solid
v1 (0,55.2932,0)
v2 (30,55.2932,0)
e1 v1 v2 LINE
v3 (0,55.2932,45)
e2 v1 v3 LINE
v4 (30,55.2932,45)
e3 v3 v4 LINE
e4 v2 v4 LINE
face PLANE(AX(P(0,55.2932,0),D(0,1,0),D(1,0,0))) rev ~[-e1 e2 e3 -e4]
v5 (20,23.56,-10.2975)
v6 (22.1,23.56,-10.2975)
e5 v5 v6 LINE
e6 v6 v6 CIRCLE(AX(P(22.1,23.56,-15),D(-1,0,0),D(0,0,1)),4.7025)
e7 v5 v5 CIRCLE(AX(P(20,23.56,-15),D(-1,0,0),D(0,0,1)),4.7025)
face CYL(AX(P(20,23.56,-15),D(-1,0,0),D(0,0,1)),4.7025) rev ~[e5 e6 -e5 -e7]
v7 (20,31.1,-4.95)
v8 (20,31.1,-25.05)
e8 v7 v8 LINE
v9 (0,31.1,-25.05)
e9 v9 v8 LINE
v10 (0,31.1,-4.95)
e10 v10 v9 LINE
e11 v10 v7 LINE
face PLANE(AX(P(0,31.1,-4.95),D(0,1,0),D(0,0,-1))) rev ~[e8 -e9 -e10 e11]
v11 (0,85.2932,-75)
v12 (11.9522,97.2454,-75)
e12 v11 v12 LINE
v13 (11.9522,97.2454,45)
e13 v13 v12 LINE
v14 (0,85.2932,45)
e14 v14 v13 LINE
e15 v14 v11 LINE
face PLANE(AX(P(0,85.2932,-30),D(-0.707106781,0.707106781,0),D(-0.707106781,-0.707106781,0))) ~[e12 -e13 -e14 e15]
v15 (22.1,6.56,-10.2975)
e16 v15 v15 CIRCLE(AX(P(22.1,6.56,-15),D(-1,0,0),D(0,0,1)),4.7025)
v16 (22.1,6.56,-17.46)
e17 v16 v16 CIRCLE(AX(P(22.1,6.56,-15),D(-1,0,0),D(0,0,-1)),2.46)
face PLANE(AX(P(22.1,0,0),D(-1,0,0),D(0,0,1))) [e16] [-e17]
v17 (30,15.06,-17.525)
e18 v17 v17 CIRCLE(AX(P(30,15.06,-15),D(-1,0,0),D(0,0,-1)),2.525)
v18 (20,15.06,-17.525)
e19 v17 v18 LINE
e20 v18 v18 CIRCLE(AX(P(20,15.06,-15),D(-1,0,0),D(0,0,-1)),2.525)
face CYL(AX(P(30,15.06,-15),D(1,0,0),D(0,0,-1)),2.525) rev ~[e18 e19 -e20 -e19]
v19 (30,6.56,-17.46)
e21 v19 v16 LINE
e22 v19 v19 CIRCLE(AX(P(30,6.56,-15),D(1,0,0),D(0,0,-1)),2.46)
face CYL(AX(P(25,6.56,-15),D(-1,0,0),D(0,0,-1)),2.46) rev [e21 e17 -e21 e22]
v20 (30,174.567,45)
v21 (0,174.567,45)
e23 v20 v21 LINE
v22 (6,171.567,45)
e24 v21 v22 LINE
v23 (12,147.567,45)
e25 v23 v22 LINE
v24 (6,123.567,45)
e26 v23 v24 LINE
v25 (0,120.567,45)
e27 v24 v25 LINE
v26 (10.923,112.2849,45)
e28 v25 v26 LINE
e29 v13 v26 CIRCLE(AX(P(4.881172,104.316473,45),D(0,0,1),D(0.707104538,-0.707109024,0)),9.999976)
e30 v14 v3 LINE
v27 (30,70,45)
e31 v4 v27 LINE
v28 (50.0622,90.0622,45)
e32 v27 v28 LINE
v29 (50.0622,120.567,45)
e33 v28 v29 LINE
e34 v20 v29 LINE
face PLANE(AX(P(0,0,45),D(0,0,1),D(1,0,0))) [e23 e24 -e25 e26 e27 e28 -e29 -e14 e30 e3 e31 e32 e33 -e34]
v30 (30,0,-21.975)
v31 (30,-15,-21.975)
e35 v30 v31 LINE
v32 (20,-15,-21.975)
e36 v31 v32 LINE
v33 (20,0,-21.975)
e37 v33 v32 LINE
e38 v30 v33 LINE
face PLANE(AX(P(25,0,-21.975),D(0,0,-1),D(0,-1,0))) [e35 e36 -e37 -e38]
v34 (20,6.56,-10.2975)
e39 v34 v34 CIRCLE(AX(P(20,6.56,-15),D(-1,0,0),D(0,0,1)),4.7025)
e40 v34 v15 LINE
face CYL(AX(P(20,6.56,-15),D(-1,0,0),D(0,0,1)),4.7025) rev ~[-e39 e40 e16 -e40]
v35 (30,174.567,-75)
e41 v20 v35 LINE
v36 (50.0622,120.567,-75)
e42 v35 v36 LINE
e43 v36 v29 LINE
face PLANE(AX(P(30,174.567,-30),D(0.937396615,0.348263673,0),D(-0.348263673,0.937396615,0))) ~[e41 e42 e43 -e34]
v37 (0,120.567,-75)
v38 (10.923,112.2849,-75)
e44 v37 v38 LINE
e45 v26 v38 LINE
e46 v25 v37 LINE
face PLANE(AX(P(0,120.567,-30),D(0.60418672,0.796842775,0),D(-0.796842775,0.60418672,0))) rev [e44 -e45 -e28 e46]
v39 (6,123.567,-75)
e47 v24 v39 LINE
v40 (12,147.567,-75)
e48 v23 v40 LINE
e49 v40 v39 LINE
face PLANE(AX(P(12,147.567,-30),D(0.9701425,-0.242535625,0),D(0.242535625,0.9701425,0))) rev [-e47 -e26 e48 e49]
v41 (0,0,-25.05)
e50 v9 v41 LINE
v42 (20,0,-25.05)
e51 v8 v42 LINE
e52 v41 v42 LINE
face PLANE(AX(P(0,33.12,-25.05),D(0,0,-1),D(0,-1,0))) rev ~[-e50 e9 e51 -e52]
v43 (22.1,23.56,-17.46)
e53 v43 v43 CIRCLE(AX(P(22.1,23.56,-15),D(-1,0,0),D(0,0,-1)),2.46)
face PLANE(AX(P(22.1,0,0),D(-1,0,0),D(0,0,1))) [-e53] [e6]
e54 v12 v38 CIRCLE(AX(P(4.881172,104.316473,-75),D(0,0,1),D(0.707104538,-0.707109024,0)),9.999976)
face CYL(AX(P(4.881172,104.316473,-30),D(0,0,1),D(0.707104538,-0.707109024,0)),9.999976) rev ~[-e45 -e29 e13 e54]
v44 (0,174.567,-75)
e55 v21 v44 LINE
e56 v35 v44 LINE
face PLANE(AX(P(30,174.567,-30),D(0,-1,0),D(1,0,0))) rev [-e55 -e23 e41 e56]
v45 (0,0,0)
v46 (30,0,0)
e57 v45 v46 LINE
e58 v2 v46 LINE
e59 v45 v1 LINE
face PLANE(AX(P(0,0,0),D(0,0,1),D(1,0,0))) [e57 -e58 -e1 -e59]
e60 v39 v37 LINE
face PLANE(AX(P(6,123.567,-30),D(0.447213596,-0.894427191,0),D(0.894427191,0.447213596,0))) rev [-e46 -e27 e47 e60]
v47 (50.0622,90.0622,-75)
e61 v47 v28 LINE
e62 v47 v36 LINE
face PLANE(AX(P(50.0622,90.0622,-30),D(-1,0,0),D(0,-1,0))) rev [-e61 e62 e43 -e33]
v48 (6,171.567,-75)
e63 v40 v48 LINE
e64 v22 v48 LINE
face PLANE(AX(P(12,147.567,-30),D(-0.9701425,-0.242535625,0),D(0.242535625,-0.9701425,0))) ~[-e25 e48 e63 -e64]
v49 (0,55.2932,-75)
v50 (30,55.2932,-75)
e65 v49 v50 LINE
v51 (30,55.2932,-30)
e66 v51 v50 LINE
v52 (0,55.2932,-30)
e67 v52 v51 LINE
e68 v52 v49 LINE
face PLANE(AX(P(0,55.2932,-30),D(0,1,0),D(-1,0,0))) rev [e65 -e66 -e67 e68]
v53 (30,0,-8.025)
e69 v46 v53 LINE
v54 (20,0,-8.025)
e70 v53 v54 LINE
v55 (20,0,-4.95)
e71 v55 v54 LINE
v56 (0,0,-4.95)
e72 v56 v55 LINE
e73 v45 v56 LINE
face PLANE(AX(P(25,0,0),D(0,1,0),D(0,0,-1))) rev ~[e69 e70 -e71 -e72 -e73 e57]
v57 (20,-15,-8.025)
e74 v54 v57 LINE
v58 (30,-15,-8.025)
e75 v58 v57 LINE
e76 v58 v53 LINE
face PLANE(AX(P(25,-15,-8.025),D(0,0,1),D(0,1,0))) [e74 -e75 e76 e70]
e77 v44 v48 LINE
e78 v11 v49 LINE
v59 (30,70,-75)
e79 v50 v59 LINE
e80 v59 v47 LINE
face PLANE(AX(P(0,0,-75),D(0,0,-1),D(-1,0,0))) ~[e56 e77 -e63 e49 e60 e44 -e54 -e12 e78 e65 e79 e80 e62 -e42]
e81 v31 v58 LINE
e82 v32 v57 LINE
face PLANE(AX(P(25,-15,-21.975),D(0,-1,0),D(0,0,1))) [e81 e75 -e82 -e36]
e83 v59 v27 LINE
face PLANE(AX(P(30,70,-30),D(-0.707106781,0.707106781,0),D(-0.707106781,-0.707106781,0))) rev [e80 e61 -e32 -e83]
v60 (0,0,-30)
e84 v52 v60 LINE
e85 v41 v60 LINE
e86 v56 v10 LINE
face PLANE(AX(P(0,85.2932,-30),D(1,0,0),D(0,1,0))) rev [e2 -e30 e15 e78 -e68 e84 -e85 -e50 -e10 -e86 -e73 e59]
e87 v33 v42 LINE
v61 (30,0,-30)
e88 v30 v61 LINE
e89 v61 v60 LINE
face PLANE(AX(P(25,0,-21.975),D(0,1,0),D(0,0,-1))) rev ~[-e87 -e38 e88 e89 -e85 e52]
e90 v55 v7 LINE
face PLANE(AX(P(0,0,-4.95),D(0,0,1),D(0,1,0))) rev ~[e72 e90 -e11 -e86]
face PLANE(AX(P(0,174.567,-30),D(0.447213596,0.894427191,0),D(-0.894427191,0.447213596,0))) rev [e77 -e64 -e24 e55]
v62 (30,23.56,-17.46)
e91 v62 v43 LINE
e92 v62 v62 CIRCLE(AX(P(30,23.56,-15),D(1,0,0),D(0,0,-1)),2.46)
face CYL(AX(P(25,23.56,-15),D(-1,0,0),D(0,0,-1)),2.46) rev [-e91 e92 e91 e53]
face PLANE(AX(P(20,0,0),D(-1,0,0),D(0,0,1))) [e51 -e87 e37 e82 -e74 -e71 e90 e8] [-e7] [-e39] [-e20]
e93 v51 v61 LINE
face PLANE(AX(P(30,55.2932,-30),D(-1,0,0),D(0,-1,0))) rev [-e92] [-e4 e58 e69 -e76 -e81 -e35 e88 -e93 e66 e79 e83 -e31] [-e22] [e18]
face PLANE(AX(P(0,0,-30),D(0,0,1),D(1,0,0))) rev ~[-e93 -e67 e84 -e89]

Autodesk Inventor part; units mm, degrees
ref_plane "YZ Plane" through (0, 0, 0) normal (1, 0, 0) x (0, 1, 0)
ref_plane "XZ Plane" through (0, 0, 0) normal (0, 1, 0) x (-1, 0, 0)
sketch "Sketch1" plane through (0, 0, 0) normal (0, 0, 1) x (1, 0, 0)
  line L0 (0, 0) -> (25, 0)
  line L1 (25, 0) -> (25, 40)
  line L2 (25, 40) -> (0, 40)
  line L3 (0, 40) -> (0, 0)
  dimension "d1" = 25
  dimension "d2" = 40
  dimension "d3" = 25
extrude "Extrusion1" add sketch "Sketch1" against normal blind 30
sketch "Sketch2" plane through (25, 0, 0) normal (1, 0, 0) x (0, 0, -1)
  line L0 (0, 0) -> (30, 0) projected
  circle A0 centre (15, 6.56) radius 2.46
extrude "Extrusion2" cut sketch "Sketch2" against normal blind 30
sketch "Sketch3" plane through (0, 0, 0) normal (-1, 0, 0) x (0, 0, 1)
  line L0 (0, 0) -> (-30, 0) projected
  line L1 (-25.05, 0) -> (-4.95, 0)
  line L2 (-4.95, 0) -> (-4.95, 33.12)
  line L3 (-4.95, 33.12) -> (-25.05, 33.12)
  line L4 (-25.05, 33.12) -> (-25.05, 0)
  dimension "d11" = 20.1
extrude "Extrusion3" cut sketch "Sketch3" against normal blind 20
sketch "Sketch4" plane through (0, 0, 0) normal (0, -1, 0) x (1, 0, 0)
  line L0 (20, -4.95) -> (20, -25.05) projected
  line L1 (20, -15) -> (25, -15)
  line L2 (25, 0) -> (25, -30) projected
  line L3 (20, -8.025) -> (25, -8.025)
  line L4 (25, -8.025) -> (25, -21.975)
  line L5 (25, -21.975) -> (20, -21.975)
  line L6 (20, -21.975) -> (20, -8.025)
  line L7 (20, -8.025) -> (25, -21.975) construction
  line L8 (25, -8.025) -> (20, -21.975) construction
  line L9 (25, -12.54) -> (25, -17.46) projected
  point P0 (0, 0)
  point P1 (22.5, -15)
  dimension "d14" = 13.95
extrude "Extrusion4" add sketch "Sketch4" along normal blind 15
sketch "Sketch5" plane through (20, 0, 0) normal (-1, 0, 0) x (0, 0, 1)
  circle A0 centre (-15, 6.56) radius 2.46 projected
  circle A1 centre (-15, 6.56) radius 4.7025
  circle A2 centre (-15, 6.56) radius 2.46 projected
  circle A3 centre (-15, 6.56) radius 2.46
  point P0 (0, 0)
  dimension "d17" = 9.405
extrude "Extrusion5" cut sketch "Sketch5" against normal blind 2.1
sketch "Sketch6" plane through (25, 0, 0) normal (1, 0, 0) x (0, 0, -1)
  circle A0 centre (15, 6.56) radius 4.7025 projected
  line L0 (15, 6.56) -> (15, 23.56)
  circle A1 centre (15, 23.56) radius 2.46
  point P0 (0, 0)
  dimension "d20" = 17
  dimension "d21" = 4.92
extrude "Extrusion6" cut sketch "Sketch6" against normal blind 10 contours A1
sketch "Sketch7" plane through (20, 0, 0) normal (-1, 0, 0) x (0, 0, 1)
  circle A0 centre (-15, 23.56) radius 2.46 projected
  circle A1 centre (-15, 23.56) radius 4.7025
  point P0 (0, 0)
  dimension "d24" = 9.405
extrude "Extrusion7" cut sketch "Sketch7" against normal blind 2.1
sketch "Sketch9" plane through (25, 0, 0) normal (1, 0, 0) x (0, 0, -1)
  circle A0 centre (15, 6.56) radius 2.46 projected
  circle A1 centre (15, 6.56) radius 2.46
  circle A2 centre (15, 23.56) radius 2.46 projected
  circle A3 centre (15, 23.56) radius 2.46
  line L0 (30, 40) -> (30, 0) projected
  line L1 (30, 0) -> (30, 40)
  line L2 (30, 40) -> (0, 40)
  line L3 (0, 40) -> (0, 0)
  line L4 (0, 0) -> (8.025, 0) projected
  line L5 (21.975, 0) -> (21.975, -15)
  line L6 (21.975, -15) -> (8.025, -15)
  line L7 (8.025, -15) -> (8.025, 0)
  line L8 (0, 0) -> (8.025, 0)
  line L9 (21.975, 0) -> (30, 0)
extrude "Extrusion8" add sketch "Sketch9" along normal blind 5
sketch "Sketch10" plane through (0, 40, 0) normal (0, 1, 0) x (1, 0, 0)
  line L0 (0, 30) -> (30, 30) projected
  line L1 (30, 0) -> (0, 0) projected
  line L2 (0, 30) -> (30, 30)
  line L3 (30, 30) -> (30, 0)
  line L4 (30, 0) -> (0, 0)
  line L5 (0, 0) -> (0, 30)
extrude "Extrusion9" add sketch "Sketch10" along normal blind 30
sketch "Sketch12" plane through (30, 0, 0) normal (1, 0, 0) x (0, 0, -1)
  circle A0 centre (15, 6.56) radius 2.46 projected
  line L0 (15, 6.56) -> (15, 15.06)
  circle A1 centre (15, 15.06) radius 2.525
  point P0 (0, 0)
  dimension "d31" = 8.5
  dimension "d33" = 5.05
extrude "Extrusion10" cut sketch "Sketch12" against normal blind 30 contours A1
sketch "Sketch15" plane through (0, 0, -25.05) normal (-1, 0, 0) x (0, 0, 1)
  line L0 (0, 33.12) -> (20.1, 33.12) projected
  line L1 (20.1, 33.12) -> (20.1, 0) projected
  line L2 (0, 33.12) -> (20.1, 33.12)
  line L3 (20.1, 33.12) -> (20.1, 31.1)
  line L4 (20.1, 31.1) -> (0, 31.1)
  line L5 (0, 31.1) -> (0, 33.12)
  point P0 (25.05, 0)
  dimension "d57" = 2.02
extrude "Extrusion13" add sketch "Sketch15" against normal blind 20
sketch "Sketch17" plane through (0, 0, 0) normal (0, 0, 1) x (1, 0, 0)
  line L0 (0, 70) -> (30, 70) projected
  line L1 (30, 70) -> (50.0622, 90.0622)
  line L2 (30, 70) -> (80, 70) construction
  line L3 (11.9522, 97.2454) -> (0, 85.2932)
  line L4 (0, 70) -> (0, 85.2932)
  line L5 (0, 70) -> (0, 0) projected
  line L6 (0, 70) -> (30, 70)
  line L7 (10.923, 112.2849) -> (0, 120.567)
  line L8 (50.0622, 105.3553) -> (50.0622, 120.567)
  line L9 (50.0622, 105.3553) -> (50.0622, 90.0622)
  arc A0 (11.9522, 97.2454) -> (10.923, 112.2849) centre (4.8811, 104.3165) ccw
  line L10 (0, 174.567) -> (30, 174.567)
  line L11 (30, 174.567) -> (50.0622, 120.567)
  line L12 (6, 171.567) -> (0, 174.567)
  line L13 (6, 123.567) -> (0, 120.567)
  line L14 (6, 123.567) -> (12, 147.567)
  line L15 (6, 171.567) -> (12, 147.567)
  dimension "d61" = 45
  dimension "d62" = 32.0271
  dimension "d72" = 10
extrude "Extrusion14" add sketch "Sketch17" against normal blind 30
sketch "Sketch24" plane through (0, 0, 0) normal (0, 0, 1) x (1, 0, 0)
  line L0 (30, 70) -> (50.0622, 90.0622) projected
  line L1 (30, 70) -> (50.0622, 90.0622)
  line L2 (50.0622, 90.0622) -> (50.0622, 120.567) projected
  line L3 (50.0622, 90.0622) -> (50.0622, 120.567)
  line L4 (30, 174.567) -> (50.0622, 120.567) projected
  line L5 (50.0622, 120.567) -> (30, 174.567)
  line L6 (30, 174.567) -> (0, 174.567) projected
  line L7 (30, 174.567) -> (0, 174.567)
  line L8 (0, 174.567) -> (6, 171.567) projected
  line L9 (0, 174.567) -> (6, 171.567)
  line L10 (12, 147.567) -> (6, 171.567) projected
  line L11 (6, 171.567) -> (12, 147.567)
  line L12 (12, 147.567) -> (6, 123.567) projected
  line L13 (12, 147.567) -> (6, 123.567)
  line L14 (6, 123.567) -> (0, 120.567) projected
  line L15 (6, 123.567) -> (0, 120.567)
  line L16 (0, 120.567) -> (10.923, 112.2849) projected
  line L17 (0, 120.567) -> (10.923, 112.2849)
  line L18 (0, 85.2932) -> (11.9522, 97.2454) projected
  line L19 (11.9522, 97.2454) -> (0, 85.2932)
  line L20 (0, 85.2932) -> (0, 55.2932)
  line L21 (0, 0) -> (0, 85.2932) projected
  line L22 (0, 55.2932) -> (30, 55.2932)
  line L23 (30, 0) -> (30, 70) projected
  line L24 (30, 55.2932) -> (30, 70)
  arc A0 (11.9522, 97.2454) -> (10.923, 112.2849) centre (4.8811, 104.3165) ccw
  dimension "d106" = 30
extrude "Extrusion15" add sketch "Sketch24" along normal blind 45
ref_plane "Work Plane1" through (0, 0, -15) normal (0, 0, 1) x (1, 0, 0)
mirror "Mirror1" about plane through (0, 0, -15) normal (0, 0, 1) of "Extrusion15"
properties part number "rec_c_48mm_x_120mm"
